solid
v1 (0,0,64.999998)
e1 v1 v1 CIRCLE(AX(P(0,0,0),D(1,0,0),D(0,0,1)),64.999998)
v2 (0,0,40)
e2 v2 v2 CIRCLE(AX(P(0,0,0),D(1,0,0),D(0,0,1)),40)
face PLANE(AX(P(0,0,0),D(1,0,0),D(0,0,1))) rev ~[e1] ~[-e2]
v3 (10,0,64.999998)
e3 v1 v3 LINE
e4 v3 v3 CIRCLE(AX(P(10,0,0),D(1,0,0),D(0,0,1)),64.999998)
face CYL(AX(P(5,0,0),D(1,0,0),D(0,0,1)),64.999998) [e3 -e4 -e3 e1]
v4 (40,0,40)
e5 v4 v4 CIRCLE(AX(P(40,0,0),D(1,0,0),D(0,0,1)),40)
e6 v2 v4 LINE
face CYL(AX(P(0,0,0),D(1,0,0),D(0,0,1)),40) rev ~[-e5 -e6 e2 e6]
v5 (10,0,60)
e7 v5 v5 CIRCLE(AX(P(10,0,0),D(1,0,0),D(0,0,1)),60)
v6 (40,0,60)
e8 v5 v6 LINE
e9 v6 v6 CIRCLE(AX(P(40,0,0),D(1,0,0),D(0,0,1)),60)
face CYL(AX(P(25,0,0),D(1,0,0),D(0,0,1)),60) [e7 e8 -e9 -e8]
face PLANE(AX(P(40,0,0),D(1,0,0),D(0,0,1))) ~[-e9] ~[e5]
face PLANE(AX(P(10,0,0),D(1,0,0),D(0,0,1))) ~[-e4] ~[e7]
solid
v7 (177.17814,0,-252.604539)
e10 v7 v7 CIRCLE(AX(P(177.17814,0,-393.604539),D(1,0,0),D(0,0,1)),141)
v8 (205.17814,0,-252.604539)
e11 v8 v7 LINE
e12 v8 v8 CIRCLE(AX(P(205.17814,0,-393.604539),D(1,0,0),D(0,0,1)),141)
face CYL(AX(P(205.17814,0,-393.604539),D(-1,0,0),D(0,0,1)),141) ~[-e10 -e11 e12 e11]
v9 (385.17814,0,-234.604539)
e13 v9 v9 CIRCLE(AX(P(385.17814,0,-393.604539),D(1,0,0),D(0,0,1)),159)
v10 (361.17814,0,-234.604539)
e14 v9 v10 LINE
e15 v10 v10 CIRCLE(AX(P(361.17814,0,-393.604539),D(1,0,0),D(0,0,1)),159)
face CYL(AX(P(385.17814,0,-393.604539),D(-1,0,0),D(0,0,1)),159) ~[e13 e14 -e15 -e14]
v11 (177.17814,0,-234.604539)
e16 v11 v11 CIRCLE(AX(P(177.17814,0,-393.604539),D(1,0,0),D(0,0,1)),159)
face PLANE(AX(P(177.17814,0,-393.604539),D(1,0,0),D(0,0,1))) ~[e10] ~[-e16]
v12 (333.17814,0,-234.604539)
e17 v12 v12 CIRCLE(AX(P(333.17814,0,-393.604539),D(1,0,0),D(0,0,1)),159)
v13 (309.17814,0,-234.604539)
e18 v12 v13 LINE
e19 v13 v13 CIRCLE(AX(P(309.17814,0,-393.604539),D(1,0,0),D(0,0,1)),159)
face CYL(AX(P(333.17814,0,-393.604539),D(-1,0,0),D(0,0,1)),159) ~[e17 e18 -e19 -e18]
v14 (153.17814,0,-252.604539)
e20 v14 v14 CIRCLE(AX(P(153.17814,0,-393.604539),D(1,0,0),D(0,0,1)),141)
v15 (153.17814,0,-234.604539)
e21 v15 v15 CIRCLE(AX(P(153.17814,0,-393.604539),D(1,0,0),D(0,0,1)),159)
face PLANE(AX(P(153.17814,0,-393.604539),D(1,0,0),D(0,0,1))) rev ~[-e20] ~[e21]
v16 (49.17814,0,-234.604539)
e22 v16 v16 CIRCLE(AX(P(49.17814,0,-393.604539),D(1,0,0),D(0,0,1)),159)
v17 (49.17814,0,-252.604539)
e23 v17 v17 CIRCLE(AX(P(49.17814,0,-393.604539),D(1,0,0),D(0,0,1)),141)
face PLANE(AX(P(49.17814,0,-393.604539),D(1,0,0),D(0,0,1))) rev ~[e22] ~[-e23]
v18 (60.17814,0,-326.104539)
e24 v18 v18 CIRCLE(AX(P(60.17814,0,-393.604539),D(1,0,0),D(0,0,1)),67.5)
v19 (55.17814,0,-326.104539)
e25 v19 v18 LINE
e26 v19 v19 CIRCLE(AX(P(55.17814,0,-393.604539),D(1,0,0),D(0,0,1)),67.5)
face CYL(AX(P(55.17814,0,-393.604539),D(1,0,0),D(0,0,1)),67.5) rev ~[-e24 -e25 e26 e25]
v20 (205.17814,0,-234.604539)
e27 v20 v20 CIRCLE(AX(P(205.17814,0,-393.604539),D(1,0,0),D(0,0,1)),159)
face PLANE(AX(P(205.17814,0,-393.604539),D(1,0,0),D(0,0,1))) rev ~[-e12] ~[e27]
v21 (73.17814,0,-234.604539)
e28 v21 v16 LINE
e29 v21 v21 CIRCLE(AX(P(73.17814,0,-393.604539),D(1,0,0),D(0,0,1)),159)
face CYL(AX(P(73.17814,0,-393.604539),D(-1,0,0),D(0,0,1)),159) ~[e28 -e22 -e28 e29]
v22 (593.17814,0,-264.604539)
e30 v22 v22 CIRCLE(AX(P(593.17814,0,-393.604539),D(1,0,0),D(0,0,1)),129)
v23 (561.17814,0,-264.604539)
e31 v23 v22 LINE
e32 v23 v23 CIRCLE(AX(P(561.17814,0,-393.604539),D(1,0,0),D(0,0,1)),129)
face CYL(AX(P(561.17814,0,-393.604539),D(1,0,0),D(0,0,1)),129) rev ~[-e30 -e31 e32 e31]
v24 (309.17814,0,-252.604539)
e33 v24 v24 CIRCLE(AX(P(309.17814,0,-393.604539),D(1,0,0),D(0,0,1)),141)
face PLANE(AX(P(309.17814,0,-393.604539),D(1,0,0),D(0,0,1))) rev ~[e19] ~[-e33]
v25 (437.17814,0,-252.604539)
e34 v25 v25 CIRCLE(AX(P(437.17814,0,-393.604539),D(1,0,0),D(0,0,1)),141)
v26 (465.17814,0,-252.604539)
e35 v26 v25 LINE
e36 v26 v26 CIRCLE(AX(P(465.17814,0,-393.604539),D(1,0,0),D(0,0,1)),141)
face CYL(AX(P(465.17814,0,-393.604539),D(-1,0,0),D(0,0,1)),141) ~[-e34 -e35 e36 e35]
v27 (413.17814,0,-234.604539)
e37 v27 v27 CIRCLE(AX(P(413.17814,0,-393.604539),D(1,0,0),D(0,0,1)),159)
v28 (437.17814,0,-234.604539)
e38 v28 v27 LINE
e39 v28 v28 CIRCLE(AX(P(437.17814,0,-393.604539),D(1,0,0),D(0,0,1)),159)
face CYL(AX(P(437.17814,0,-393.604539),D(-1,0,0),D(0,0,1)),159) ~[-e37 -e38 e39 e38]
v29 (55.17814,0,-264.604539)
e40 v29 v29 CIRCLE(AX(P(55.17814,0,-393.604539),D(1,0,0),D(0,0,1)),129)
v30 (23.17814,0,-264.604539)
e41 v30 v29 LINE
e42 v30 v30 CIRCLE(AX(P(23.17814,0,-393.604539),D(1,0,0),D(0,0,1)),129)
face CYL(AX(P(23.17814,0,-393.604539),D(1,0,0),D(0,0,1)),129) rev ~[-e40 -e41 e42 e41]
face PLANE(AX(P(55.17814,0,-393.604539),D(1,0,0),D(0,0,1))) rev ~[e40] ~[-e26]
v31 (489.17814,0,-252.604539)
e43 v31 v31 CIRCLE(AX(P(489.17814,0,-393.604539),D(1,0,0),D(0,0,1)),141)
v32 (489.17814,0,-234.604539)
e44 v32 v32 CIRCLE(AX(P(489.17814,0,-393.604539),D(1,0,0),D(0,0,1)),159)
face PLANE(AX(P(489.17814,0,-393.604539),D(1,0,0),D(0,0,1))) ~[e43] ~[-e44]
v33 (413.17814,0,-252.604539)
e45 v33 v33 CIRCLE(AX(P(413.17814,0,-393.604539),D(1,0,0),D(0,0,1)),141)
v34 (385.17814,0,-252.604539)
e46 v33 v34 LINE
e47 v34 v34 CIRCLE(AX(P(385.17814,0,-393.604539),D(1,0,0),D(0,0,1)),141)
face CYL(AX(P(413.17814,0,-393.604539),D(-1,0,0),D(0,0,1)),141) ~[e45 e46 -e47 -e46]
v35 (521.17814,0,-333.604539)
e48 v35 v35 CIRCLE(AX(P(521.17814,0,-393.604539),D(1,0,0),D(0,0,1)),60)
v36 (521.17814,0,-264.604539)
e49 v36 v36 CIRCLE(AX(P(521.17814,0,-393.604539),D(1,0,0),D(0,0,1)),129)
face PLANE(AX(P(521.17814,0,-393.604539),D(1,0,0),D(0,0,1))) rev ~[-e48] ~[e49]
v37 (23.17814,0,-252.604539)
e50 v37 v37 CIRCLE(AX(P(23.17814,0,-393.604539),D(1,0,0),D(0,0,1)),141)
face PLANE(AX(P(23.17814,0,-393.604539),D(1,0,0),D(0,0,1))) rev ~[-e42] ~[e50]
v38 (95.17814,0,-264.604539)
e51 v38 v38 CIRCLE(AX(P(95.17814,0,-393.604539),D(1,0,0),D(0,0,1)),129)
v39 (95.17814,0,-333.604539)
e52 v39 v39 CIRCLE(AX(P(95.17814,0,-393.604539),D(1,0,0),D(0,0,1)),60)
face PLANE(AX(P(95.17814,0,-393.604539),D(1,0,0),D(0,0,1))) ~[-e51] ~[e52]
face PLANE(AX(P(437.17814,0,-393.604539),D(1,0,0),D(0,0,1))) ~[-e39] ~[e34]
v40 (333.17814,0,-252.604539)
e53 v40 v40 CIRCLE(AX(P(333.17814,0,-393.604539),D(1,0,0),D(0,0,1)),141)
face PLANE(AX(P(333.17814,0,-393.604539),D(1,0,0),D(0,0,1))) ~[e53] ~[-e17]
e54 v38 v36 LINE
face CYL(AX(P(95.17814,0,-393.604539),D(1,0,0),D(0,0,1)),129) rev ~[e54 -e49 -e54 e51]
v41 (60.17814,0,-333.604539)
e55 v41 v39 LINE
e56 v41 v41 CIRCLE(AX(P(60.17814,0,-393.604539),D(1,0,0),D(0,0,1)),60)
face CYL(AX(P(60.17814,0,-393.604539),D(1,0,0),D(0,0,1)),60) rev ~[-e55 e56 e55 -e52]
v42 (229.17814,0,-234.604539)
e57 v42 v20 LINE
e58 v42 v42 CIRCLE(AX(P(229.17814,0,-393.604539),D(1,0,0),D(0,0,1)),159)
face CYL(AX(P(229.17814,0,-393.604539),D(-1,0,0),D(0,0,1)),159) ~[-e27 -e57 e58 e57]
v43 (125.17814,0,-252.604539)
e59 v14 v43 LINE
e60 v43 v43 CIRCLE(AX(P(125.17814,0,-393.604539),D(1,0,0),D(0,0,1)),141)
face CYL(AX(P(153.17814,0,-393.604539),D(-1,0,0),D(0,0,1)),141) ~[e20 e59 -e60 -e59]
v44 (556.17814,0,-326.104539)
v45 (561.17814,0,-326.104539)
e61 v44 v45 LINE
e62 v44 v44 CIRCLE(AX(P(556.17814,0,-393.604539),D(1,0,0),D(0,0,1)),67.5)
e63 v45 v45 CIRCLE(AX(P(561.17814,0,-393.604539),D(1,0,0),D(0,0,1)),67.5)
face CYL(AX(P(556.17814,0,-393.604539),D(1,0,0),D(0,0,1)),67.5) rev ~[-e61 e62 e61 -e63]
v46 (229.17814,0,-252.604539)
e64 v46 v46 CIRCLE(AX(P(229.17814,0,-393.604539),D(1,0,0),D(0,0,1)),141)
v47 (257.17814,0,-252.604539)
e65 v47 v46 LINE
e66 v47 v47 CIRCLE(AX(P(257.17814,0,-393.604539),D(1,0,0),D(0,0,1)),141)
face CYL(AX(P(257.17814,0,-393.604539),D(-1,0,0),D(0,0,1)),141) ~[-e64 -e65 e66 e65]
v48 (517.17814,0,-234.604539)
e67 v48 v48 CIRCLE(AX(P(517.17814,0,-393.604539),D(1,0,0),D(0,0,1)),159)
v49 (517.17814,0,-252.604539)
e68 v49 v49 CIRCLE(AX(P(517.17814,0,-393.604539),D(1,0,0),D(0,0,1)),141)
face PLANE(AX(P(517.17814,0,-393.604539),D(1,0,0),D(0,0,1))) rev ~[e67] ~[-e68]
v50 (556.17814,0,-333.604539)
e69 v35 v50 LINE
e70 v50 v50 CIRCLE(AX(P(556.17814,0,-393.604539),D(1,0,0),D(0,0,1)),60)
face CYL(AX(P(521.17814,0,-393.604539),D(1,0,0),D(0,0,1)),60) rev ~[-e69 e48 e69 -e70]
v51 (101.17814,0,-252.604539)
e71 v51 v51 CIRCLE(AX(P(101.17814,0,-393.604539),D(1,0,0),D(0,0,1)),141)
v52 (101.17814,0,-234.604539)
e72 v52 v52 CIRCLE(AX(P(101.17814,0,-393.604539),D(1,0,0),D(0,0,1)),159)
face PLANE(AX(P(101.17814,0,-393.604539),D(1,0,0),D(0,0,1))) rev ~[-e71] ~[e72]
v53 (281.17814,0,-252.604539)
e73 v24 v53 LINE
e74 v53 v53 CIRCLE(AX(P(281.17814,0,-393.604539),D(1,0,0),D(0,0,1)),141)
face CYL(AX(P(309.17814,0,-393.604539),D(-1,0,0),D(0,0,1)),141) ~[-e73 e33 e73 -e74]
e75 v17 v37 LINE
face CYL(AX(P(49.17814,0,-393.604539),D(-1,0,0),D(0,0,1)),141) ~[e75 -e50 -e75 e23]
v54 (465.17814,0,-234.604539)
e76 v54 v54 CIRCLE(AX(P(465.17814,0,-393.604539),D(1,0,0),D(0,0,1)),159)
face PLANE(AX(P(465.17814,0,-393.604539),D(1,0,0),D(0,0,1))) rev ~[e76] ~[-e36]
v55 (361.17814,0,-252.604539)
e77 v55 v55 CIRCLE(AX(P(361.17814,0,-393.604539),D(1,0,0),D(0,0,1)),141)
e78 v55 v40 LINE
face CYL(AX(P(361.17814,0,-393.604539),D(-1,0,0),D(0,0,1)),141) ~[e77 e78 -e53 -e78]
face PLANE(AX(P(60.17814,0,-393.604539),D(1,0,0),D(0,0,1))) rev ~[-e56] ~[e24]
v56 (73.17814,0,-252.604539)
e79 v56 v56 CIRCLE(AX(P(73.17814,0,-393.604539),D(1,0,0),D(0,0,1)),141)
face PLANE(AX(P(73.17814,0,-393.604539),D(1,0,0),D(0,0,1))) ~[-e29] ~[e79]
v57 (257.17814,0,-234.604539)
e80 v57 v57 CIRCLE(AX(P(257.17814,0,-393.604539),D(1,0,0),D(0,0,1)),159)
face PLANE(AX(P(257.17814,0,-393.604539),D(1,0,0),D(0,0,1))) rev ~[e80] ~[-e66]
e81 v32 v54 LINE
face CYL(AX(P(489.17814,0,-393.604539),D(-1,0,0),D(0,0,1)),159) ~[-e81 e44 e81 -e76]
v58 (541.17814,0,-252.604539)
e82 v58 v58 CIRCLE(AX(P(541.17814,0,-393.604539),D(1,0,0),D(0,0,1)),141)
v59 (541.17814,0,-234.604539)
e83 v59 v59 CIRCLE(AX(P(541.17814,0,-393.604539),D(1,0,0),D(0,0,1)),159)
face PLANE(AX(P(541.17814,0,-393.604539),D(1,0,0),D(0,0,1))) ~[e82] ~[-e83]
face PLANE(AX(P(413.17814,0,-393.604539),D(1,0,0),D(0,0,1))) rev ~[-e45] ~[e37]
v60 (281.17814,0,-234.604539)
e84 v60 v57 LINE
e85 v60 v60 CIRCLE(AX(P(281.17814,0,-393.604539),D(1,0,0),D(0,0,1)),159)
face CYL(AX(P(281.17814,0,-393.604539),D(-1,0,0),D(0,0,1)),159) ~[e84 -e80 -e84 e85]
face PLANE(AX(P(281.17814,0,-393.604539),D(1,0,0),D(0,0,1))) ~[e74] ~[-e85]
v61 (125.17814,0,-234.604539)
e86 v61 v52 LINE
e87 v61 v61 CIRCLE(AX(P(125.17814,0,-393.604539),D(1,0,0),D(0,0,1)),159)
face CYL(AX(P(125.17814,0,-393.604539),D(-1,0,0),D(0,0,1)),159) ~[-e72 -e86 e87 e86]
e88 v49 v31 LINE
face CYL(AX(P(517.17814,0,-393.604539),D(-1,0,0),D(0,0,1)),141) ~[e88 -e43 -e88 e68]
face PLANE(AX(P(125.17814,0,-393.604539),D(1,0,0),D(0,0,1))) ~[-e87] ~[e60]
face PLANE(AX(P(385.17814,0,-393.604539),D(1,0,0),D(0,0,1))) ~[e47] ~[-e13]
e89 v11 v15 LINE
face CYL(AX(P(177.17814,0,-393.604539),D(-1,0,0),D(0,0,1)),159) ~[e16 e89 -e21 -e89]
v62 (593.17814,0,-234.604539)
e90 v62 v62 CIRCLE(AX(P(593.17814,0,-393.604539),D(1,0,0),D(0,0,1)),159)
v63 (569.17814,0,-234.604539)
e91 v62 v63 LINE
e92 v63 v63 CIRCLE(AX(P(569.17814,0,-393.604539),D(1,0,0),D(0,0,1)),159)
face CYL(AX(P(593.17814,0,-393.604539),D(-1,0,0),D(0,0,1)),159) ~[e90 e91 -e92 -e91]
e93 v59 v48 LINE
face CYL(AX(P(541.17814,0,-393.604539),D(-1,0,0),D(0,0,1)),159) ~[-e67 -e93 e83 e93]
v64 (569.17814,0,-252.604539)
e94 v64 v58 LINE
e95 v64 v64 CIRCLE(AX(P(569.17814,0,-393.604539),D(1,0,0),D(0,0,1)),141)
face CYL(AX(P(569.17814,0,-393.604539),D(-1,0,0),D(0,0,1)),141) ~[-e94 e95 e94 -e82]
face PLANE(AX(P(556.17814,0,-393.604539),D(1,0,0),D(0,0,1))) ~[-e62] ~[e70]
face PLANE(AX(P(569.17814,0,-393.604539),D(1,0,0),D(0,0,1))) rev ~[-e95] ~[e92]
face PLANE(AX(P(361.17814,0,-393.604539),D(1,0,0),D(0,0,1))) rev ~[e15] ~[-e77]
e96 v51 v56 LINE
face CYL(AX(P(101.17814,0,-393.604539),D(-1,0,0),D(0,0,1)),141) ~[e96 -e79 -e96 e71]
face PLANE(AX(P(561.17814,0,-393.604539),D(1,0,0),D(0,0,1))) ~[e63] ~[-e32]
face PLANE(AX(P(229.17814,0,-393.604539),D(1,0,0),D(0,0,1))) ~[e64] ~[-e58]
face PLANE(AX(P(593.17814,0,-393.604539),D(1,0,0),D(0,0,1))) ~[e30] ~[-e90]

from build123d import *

# Parameters (mm, degrees)
F2_W   = 10
F2_H   = 4.9999976158
F2_H_2 = 5
F2_W_2 = 30
F2_H_3 = 9.9999982119
F2_H_4 = 5.0000017881


with BuildPart() as f1:
    # F0 (on Front) → F1 (revolve)
    with BuildSketch(Plane.XZ):
        Polygon((23.1781397015, -252.6045386791), (23.1781397015, -264.6045386791), (55.1781397015, -264.6045386791), (55.1781397015, -326.1045386791), (60.1781397015, -326.1045386791), (60.1781397015, -333.6045386791), (95.1781397015, -333.6045386791), (95.1781397015, -264.6045386791), (521.1781397015, -264.6045386791), (521.1781397015, -333.6045386791), (556.1781397015, -333.6045386791), (556.1781397015, -326.1045386791), (561.1781397015, -326.1045386791), (561.1781397015, -264.6045386791), (593.1781397015, -264.6045386791), (593.1781397015, -252.6045386791), (593.1781397015, -234.6045386791), (569.1781397015, -234.6045386791), (569.1781397015, -252.6045386791), (541.1781397015, -252.6045386791), (541.1781397015, -234.6045386791), (517.1781397015, -234.6045386791), (517.1781397015, -252.6045386791), (489.1781397015, -252.6045386791), (489.1781397015, -234.6045386791), (465.1781397015, -234.6045386791), (465.1781397015, -252.6045386791), (437.1781397015, -252.6045386791), (437.1781397015, -234.6045386791), (413.1781397015, -234.6045386791), (413.1781397015, -252.6045386791), (385.1781397015, -252.6045386791), (385.1781397015, -234.6045386791), (361.1781397015, -234.6045386791), (361.1781397015, -252.6045386791), (333.1781397015, -252.6045386791), (333.1781397015, -234.6045386791), (309.1781397015, -234.6045386791), (309.1781397015, -252.6045386791), (281.1781397015, -252.6045386791), (281.1781397015, -234.6045386791), (257.1781397015, -234.6045386791), (257.1781397015, -252.6045386791), (229.1781397015, -252.6045386791), (229.1781397015, -234.6045386791), (205.1781397015, -234.6045386791), (205.1781397015, -252.6045386791), (177.1781397015, -252.6045386791), (177.1781397015, -234.6045386791), (153.1781397015, -234.6045386791), (153.1781397015, -252.6045386791), (125.1781397015, -252.6045386791), (125.1781397015, -234.6045386791), (101.1781397015, -234.6045386791), (101.1781397015, -252.6045386791), (73.1781397015, -252.6045386791), (73.1781397015, -234.6045386791), (49.1781397015, -234.6045386791), (49.1781397015, -252.6045386791), align=None)
    revolve(axis=Axis((308.1781397015, 0, -393.6045386791), (1, 0, 0)))


with BuildPart() as f3:
    # F2 (on Front) → F3 (revolve)
    with BuildSketch(Plane.XZ):
        with Locations((5, 62.4999988079)):
            Rectangle(F2_W, F2_H)
        with Locations((5, 57.5)):
            Rectangle(F2_W, F2_H_2)
        with Locations((25, 57.5)):
            Rectangle(F2_W_2, F2_H_2)
        with Locations((25, 50.0000008941)):
            Rectangle(F2_W_2, F2_H_3)
        with Locations((5, 50.0000008941)):
            Rectangle(F2_W, F2_H_3)
        with Locations((5, 42.5000008941)):
            Rectangle(F2_W, F2_H_4)
        with Locations((25, 42.5000008941)):
            Rectangle(F2_W_2, F2_H_4)
    revolve(axis=Axis((324.4318664074, 0, 0), (1, 0, 0)))


solid = Compound([f1.part, f3.part])
